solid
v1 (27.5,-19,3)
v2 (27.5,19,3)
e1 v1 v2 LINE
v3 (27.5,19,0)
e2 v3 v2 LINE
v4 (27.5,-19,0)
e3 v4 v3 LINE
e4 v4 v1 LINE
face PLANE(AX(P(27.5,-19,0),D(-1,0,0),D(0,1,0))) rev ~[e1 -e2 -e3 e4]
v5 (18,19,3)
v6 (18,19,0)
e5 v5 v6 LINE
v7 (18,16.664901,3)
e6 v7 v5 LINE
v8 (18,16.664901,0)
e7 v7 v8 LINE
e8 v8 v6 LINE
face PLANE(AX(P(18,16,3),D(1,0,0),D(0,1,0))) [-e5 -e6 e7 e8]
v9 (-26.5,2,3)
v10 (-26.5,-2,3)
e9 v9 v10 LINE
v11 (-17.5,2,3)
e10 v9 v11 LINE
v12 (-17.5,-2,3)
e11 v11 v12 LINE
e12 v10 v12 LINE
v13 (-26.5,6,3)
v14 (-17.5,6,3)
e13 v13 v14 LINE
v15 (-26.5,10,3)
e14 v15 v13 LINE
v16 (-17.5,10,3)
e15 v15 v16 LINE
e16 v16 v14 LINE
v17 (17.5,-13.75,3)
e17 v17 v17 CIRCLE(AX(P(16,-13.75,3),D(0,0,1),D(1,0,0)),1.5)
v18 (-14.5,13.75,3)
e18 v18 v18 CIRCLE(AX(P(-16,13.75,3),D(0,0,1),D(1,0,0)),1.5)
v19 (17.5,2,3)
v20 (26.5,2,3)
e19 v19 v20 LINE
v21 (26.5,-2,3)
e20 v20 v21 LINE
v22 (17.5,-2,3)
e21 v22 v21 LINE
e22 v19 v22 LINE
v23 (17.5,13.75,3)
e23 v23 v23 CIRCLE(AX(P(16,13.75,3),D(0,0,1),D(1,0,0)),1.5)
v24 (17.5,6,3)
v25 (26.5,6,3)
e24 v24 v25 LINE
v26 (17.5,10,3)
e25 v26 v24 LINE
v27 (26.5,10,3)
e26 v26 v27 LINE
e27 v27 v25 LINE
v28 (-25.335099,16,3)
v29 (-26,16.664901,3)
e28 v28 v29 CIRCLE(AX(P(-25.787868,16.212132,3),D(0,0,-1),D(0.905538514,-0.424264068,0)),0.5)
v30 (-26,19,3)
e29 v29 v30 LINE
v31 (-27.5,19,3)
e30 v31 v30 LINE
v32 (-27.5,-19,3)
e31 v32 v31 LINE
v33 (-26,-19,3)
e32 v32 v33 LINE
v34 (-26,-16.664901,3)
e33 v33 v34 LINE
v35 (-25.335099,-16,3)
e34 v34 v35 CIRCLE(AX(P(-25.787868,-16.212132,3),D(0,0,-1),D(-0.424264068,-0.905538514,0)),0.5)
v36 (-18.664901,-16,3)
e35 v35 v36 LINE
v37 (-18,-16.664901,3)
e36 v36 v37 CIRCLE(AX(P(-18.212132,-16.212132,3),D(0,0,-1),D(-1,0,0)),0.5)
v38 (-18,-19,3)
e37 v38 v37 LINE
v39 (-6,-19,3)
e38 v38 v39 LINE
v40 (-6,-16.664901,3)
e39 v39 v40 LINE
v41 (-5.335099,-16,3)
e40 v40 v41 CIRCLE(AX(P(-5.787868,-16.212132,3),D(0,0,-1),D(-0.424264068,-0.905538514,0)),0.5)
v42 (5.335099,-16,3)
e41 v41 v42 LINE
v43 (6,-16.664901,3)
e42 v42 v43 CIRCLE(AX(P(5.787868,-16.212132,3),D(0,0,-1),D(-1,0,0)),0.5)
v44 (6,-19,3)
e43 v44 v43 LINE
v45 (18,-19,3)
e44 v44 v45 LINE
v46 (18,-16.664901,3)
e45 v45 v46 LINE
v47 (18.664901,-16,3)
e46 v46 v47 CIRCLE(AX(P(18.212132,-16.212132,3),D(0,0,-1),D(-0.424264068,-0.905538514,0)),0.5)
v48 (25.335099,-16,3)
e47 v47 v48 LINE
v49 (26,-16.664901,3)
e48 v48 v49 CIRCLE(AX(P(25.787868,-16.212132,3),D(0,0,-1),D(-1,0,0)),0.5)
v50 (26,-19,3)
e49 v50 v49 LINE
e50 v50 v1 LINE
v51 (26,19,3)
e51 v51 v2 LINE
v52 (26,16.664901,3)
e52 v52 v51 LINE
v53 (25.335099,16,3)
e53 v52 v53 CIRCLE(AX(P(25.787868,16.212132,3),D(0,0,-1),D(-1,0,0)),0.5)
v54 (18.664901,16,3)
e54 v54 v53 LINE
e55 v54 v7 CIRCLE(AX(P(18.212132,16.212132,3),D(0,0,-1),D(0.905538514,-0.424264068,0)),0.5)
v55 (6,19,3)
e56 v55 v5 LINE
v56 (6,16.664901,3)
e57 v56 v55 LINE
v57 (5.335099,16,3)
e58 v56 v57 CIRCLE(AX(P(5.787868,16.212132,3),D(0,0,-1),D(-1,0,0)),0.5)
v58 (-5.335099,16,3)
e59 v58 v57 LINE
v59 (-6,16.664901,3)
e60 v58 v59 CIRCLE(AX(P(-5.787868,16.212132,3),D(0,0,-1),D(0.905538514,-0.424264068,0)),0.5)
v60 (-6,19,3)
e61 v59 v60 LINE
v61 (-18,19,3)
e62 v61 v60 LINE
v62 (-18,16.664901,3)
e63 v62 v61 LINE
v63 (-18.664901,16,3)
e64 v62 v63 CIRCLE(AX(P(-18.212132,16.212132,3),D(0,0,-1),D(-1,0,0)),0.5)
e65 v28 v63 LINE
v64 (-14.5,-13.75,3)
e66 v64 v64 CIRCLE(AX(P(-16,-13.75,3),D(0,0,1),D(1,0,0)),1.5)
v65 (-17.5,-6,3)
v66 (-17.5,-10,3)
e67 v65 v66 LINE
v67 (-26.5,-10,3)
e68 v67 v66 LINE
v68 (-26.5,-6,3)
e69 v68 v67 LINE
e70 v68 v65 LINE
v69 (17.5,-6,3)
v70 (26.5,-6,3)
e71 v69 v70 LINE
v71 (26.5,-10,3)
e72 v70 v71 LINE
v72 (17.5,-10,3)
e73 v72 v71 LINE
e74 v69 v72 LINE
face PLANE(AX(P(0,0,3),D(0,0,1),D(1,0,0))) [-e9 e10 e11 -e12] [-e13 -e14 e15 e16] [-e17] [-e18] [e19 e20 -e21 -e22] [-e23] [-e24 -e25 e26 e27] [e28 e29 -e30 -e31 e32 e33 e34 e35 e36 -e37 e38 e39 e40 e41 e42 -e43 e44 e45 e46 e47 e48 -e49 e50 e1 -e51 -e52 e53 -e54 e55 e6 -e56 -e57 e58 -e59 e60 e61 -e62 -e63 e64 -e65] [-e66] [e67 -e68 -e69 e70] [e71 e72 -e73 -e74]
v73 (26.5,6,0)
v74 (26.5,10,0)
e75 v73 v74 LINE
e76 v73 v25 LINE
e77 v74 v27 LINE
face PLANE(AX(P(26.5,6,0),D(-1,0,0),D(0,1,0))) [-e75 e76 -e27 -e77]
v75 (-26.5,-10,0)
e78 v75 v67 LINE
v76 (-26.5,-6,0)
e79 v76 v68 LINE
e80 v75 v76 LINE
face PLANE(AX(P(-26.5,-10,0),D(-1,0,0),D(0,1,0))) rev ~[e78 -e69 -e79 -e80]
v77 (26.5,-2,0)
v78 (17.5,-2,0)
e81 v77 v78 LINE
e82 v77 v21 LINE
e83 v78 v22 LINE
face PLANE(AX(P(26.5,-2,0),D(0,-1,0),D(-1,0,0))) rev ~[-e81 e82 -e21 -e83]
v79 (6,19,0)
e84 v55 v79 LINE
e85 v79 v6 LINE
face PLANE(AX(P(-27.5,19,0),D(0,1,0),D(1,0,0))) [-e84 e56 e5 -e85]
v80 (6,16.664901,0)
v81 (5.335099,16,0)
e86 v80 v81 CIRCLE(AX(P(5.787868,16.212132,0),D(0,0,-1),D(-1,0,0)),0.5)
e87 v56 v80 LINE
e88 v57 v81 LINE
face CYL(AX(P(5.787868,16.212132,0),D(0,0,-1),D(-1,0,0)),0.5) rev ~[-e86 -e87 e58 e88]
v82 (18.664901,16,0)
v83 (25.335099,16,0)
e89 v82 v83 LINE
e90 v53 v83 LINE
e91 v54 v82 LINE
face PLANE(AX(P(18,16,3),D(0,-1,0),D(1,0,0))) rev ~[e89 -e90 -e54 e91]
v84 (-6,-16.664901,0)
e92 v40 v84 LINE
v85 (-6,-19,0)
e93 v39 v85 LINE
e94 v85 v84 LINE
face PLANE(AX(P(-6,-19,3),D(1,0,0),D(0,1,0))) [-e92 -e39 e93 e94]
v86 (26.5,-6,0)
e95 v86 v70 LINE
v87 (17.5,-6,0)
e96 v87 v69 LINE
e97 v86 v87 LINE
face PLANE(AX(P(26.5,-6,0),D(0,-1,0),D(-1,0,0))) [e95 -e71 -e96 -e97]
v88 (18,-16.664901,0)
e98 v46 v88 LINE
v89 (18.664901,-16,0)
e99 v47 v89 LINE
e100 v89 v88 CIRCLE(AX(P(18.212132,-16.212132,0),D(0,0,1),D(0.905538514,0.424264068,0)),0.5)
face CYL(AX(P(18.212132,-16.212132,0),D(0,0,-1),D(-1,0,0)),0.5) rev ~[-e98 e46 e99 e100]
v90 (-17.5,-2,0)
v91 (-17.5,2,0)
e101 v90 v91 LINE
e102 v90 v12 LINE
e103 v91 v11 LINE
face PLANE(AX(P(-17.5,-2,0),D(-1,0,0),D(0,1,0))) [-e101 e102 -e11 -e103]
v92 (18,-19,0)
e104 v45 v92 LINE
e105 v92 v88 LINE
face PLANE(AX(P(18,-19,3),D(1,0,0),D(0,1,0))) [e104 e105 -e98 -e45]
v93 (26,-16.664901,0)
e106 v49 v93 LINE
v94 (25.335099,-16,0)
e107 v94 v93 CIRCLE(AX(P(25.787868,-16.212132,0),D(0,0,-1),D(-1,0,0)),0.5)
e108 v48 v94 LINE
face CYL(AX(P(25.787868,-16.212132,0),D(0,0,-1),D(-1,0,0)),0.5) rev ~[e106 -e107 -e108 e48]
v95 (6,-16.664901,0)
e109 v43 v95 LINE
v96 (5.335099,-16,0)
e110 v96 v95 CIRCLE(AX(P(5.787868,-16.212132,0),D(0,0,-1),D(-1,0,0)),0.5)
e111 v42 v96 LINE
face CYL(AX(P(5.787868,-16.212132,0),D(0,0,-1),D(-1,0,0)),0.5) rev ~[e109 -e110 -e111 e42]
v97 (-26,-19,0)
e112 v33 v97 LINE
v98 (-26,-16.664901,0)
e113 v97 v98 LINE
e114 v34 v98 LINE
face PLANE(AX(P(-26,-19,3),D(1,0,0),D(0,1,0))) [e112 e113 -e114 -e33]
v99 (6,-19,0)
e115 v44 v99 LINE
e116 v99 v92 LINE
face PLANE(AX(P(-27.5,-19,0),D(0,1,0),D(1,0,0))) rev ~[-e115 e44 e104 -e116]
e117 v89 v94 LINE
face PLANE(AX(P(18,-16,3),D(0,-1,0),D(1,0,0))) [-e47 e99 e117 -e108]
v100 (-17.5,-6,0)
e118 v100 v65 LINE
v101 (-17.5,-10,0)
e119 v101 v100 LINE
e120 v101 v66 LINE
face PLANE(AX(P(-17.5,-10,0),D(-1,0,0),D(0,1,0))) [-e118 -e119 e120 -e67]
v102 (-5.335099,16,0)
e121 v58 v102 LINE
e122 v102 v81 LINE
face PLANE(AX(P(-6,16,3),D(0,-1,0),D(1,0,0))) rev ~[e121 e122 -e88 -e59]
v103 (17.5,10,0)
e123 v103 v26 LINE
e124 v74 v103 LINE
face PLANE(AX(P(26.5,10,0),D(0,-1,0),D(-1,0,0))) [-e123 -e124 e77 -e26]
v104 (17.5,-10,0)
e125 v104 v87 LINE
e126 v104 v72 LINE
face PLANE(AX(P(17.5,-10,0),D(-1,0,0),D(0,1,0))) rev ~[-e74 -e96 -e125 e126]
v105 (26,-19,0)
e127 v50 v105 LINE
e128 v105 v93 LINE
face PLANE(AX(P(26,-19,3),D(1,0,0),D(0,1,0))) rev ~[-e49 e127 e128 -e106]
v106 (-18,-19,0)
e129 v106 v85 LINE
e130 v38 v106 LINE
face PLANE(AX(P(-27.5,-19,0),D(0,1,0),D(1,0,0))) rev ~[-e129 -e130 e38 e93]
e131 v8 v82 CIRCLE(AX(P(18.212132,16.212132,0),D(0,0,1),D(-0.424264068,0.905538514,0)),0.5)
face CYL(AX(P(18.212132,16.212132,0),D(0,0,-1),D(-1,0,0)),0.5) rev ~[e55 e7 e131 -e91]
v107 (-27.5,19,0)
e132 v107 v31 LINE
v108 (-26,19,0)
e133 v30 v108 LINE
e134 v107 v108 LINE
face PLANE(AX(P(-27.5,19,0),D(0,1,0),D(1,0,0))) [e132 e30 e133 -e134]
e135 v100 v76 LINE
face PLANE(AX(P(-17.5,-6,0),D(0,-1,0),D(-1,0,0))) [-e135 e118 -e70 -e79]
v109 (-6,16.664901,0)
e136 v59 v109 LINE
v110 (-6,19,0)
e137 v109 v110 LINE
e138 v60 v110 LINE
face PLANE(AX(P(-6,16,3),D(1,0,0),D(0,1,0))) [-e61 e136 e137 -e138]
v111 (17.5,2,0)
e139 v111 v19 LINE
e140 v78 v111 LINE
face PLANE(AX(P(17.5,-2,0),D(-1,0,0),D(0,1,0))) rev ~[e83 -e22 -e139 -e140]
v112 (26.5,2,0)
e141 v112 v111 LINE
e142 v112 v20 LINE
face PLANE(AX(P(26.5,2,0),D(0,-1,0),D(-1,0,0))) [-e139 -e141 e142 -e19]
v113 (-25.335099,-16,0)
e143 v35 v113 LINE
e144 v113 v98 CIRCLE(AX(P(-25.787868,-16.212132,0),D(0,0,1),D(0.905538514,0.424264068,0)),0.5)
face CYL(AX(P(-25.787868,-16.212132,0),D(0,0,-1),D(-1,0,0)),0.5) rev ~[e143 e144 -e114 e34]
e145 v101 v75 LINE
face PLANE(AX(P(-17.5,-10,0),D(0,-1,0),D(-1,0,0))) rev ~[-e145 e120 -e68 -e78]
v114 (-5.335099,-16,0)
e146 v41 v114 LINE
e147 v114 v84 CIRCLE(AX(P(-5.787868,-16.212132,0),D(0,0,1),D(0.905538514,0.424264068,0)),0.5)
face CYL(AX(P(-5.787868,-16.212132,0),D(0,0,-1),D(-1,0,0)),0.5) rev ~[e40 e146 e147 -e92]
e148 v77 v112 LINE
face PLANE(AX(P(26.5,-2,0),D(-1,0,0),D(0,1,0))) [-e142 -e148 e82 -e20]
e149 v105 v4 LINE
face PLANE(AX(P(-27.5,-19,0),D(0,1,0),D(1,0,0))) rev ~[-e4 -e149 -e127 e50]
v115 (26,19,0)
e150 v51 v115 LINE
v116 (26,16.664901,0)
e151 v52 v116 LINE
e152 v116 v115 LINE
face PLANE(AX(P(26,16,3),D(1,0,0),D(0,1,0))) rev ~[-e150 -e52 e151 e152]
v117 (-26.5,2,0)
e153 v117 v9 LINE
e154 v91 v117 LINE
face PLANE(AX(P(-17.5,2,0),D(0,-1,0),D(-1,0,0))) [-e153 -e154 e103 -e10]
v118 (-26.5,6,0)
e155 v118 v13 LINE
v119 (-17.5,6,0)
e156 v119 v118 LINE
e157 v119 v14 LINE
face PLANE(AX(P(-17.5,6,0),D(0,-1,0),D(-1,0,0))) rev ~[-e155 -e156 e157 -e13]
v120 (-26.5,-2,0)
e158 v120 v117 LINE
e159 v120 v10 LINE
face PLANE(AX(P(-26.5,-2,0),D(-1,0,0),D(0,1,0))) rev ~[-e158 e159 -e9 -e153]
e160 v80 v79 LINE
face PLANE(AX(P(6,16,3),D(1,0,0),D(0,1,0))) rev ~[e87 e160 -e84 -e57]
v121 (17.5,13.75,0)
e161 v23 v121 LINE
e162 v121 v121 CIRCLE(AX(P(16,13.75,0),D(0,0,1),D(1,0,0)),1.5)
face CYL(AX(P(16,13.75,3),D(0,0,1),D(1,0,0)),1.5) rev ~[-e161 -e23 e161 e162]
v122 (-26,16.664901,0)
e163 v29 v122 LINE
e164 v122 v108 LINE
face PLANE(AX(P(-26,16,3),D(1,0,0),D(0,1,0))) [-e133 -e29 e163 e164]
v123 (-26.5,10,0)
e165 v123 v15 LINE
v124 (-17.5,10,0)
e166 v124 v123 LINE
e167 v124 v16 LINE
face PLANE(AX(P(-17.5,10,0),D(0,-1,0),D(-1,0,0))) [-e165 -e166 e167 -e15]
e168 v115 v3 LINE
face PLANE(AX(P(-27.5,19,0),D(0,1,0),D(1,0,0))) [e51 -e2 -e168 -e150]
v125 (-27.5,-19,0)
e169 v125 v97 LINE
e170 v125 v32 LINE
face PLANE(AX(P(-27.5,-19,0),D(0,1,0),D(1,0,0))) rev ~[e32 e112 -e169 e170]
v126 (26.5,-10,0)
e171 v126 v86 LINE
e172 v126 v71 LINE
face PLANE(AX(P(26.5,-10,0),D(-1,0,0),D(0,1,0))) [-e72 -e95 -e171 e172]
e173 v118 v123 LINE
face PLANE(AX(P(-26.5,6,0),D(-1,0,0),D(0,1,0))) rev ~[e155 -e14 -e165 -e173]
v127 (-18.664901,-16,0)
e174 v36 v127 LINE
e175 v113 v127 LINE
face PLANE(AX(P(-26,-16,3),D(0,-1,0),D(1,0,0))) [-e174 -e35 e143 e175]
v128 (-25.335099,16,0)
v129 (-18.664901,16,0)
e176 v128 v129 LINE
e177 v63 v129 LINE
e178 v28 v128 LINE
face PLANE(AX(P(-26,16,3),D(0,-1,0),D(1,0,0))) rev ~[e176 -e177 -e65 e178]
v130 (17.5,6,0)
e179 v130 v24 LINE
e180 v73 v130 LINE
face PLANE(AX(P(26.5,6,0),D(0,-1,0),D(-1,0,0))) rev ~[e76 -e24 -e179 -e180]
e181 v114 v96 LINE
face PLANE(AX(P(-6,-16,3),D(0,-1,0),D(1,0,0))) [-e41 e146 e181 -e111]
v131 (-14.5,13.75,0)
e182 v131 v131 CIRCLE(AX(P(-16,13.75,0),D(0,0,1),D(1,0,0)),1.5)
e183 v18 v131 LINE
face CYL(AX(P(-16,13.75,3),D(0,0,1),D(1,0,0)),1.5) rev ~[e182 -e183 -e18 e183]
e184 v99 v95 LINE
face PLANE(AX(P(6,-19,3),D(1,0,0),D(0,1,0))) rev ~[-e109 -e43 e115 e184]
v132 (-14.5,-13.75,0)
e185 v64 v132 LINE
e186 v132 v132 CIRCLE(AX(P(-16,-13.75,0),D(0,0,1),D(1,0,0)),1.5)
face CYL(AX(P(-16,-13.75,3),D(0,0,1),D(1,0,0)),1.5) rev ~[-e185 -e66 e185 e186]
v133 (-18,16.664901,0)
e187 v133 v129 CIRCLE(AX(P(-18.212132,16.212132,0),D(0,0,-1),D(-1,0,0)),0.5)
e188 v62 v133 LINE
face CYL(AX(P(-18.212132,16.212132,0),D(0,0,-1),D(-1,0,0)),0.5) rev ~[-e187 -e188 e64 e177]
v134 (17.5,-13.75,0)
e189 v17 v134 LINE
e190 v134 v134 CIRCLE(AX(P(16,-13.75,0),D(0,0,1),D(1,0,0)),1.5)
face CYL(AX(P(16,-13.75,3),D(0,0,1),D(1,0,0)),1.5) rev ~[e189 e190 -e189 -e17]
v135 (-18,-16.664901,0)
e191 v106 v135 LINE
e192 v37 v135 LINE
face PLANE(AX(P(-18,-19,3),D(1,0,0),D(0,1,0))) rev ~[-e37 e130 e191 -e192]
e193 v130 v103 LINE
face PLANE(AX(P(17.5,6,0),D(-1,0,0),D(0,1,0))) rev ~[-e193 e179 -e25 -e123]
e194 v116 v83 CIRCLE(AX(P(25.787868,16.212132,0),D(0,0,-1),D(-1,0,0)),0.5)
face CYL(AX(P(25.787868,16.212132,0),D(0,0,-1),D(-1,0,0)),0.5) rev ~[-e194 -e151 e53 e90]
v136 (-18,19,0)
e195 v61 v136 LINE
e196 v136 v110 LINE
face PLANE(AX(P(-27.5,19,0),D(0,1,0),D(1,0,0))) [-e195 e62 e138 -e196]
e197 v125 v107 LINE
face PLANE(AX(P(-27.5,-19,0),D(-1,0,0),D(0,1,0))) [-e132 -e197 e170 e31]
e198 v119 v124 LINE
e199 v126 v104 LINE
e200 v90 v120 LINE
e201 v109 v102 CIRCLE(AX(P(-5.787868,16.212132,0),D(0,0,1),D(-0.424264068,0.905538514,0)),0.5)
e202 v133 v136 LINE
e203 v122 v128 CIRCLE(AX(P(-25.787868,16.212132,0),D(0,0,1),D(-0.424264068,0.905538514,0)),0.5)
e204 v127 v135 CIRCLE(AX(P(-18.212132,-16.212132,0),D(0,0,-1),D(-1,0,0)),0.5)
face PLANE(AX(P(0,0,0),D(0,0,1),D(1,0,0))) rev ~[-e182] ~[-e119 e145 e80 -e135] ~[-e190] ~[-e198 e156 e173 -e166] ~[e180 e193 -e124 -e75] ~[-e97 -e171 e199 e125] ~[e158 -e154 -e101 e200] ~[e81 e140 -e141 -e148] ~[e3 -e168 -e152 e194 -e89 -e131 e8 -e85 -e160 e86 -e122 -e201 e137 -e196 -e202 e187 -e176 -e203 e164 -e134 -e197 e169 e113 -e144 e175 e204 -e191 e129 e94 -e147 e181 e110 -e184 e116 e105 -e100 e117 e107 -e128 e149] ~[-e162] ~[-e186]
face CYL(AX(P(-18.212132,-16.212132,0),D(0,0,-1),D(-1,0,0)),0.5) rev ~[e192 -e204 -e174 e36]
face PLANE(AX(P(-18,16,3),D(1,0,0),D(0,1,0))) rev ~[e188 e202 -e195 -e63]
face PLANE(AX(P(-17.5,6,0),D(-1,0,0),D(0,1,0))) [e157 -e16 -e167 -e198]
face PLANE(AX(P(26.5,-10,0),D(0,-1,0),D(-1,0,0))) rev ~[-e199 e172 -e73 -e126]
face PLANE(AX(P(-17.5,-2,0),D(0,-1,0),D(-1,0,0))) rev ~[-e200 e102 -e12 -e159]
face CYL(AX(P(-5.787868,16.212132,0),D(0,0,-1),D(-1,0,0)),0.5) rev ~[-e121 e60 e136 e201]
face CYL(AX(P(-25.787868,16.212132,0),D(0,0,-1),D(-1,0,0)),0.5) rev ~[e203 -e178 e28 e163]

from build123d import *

# Parameters (mm, degrees)
SKETCH_1_W          = 55
SKETCH_1_H          = 38
EXTRUDE_1_DEPTH     = 3
SKETCH_2_R          = 1.5
CUT_EXTRUDE_1_DEPTH = 30
SKETCH_3_W          = 8
SKETCH_3_H          = 3
CUT_EXTRUDE_2_DEPTH = 30
SKETCH_5_W          = 12
SKETCH_5_H          = 3
CUT_EXTRUDE_4_DEPTH = 10
SKETCH_6_W          = 9
SKETCH_6_H          = 4
CUT_EXTRUDE_5_DEPTH = 10
SKETCH_7_R          = 0.5
CUT_EXTRUDE_6_DEPTH = 10


with BuildPart() as part:
    # 草图1 → 凸台-拉伸1 (new body)
    with BuildSketch(Plane.XY):
        Rectangle(SKETCH_1_W, SKETCH_1_H)
    extrude(amount=EXTRUDE_1_DEPTH)

    # 草图2 → 切除-拉伸1 (cut)
    with BuildSketch(Plane.XY.offset(3)):
        with Locations((16, 13.75)):
            Circle(SKETCH_2_R)
        with Locations((16, -13.75)):
            Circle(SKETCH_2_R)
        with Locations((-16, 13.75)):
            Circle(SKETCH_2_R)
        with Locations((-16, -13.75)):
            Circle(SKETCH_2_R)
    extrude(amount=-CUT_EXTRUDE_1_DEPTH, mode=Mode.SUBTRACT)

    # 草图3 → 切除-拉伸2 (cut)
    with BuildSketch(Plane.XY.offset(3)):
        with Locations((22, 17.5)):
            Rectangle(SKETCH_3_W, SKETCH_3_H)
        with Locations((22, -17.5)):
            Rectangle(SKETCH_3_W, SKETCH_3_H)
        with Locations((-22, 17.5)):
            Rectangle(SKETCH_3_W, SKETCH_3_H)
        with Locations((-22, -17.5)):
            Rectangle(SKETCH_3_W, SKETCH_3_H)
    extrude(amount=-CUT_EXTRUDE_2_DEPTH, mode=Mode.SUBTRACT)

    # 草图5 → 切除-拉伸4 (cut)
    with BuildSketch(Plane.XY.offset(3)):
        with Locations((0, -17.5)):
            Rectangle(SKETCH_5_W, SKETCH_5_H)
        with Locations((0, 17.5)):
            Rectangle(SKETCH_5_W, SKETCH_5_H)
    extrude(amount=-CUT_EXTRUDE_4_DEPTH, mode=Mode.SUBTRACT)

    # 草图6 → 切除-拉伸5 (cut)
    with BuildSketch(Plane(origin=(0, 0, 0), x_dir=(-1, 0, 0), z_dir=(0, 0, -1))):
        with Locations((-22, -8)):
            Rectangle(SKETCH_6_W, SKETCH_6_H)
        with Locations((-22, 0)):
            Rectangle(SKETCH_6_W, SKETCH_6_H)
        with Locations((-22, 8)):
            Rectangle(SKETCH_6_W, SKETCH_6_H)
        with Locations((22, -8)):
            Rectangle(SKETCH_6_W, SKETCH_6_H)
        with Locations((22, 0)):
            Rectangle(SKETCH_6_W, SKETCH_6_H)
        with Locations((22, 8)):
            Rectangle(SKETCH_6_W, SKETCH_6_H)
    extrude(amount=-CUT_EXTRUDE_5_DEPTH, mode=Mode.SUBTRACT)

    # 草图7 → 切除-拉伸6 (cut)
    with BuildSketch(Plane(origin=(0, 0, 0), x_dir=(-1, 0, 0), z_dir=(0, 0, -1))):
        with Locations((-18.212132034, -16.212132034)):
            Circle(SKETCH_7_R)
        with Locations((-25.787867966, -16.212132034)):
            Circle(SKETCH_7_R)
        with Locations((-25.787867966, 16.212132034)):
            Circle(SKETCH_7_R)
        with Locations((-18.212132034, 16.212132034)):
            Circle(SKETCH_7_R)
        with Locations((-5.787867966, -16.212132034)):
            Circle(SKETCH_7_R)
        with Locations((25.787867966, -16.212132034)):
            Circle(SKETCH_7_R)
        with Locations((18.212132034, -16.212132034)):
            Circle(SKETCH_7_R)
        with Locations((18.212132034, 16.212132034)):
            Circle(SKETCH_7_R)
        with Locations((25.787867966, 16.212132034)):
            Circle(SKETCH_7_R)
        with Locations((-5.787867966, 16.212132034)):
            Circle(SKETCH_7_R)
        with Locations((5.787867966, 16.212132034)):
            Circle(SKETCH_7_R)
        with Locations((5.787867966, -16.212132034)):
            Circle(SKETCH_7_R)
    extrude(amount=-CUT_EXTRUDE_6_DEPTH, mode=Mode.SUBTRACT)


solid = part.part
